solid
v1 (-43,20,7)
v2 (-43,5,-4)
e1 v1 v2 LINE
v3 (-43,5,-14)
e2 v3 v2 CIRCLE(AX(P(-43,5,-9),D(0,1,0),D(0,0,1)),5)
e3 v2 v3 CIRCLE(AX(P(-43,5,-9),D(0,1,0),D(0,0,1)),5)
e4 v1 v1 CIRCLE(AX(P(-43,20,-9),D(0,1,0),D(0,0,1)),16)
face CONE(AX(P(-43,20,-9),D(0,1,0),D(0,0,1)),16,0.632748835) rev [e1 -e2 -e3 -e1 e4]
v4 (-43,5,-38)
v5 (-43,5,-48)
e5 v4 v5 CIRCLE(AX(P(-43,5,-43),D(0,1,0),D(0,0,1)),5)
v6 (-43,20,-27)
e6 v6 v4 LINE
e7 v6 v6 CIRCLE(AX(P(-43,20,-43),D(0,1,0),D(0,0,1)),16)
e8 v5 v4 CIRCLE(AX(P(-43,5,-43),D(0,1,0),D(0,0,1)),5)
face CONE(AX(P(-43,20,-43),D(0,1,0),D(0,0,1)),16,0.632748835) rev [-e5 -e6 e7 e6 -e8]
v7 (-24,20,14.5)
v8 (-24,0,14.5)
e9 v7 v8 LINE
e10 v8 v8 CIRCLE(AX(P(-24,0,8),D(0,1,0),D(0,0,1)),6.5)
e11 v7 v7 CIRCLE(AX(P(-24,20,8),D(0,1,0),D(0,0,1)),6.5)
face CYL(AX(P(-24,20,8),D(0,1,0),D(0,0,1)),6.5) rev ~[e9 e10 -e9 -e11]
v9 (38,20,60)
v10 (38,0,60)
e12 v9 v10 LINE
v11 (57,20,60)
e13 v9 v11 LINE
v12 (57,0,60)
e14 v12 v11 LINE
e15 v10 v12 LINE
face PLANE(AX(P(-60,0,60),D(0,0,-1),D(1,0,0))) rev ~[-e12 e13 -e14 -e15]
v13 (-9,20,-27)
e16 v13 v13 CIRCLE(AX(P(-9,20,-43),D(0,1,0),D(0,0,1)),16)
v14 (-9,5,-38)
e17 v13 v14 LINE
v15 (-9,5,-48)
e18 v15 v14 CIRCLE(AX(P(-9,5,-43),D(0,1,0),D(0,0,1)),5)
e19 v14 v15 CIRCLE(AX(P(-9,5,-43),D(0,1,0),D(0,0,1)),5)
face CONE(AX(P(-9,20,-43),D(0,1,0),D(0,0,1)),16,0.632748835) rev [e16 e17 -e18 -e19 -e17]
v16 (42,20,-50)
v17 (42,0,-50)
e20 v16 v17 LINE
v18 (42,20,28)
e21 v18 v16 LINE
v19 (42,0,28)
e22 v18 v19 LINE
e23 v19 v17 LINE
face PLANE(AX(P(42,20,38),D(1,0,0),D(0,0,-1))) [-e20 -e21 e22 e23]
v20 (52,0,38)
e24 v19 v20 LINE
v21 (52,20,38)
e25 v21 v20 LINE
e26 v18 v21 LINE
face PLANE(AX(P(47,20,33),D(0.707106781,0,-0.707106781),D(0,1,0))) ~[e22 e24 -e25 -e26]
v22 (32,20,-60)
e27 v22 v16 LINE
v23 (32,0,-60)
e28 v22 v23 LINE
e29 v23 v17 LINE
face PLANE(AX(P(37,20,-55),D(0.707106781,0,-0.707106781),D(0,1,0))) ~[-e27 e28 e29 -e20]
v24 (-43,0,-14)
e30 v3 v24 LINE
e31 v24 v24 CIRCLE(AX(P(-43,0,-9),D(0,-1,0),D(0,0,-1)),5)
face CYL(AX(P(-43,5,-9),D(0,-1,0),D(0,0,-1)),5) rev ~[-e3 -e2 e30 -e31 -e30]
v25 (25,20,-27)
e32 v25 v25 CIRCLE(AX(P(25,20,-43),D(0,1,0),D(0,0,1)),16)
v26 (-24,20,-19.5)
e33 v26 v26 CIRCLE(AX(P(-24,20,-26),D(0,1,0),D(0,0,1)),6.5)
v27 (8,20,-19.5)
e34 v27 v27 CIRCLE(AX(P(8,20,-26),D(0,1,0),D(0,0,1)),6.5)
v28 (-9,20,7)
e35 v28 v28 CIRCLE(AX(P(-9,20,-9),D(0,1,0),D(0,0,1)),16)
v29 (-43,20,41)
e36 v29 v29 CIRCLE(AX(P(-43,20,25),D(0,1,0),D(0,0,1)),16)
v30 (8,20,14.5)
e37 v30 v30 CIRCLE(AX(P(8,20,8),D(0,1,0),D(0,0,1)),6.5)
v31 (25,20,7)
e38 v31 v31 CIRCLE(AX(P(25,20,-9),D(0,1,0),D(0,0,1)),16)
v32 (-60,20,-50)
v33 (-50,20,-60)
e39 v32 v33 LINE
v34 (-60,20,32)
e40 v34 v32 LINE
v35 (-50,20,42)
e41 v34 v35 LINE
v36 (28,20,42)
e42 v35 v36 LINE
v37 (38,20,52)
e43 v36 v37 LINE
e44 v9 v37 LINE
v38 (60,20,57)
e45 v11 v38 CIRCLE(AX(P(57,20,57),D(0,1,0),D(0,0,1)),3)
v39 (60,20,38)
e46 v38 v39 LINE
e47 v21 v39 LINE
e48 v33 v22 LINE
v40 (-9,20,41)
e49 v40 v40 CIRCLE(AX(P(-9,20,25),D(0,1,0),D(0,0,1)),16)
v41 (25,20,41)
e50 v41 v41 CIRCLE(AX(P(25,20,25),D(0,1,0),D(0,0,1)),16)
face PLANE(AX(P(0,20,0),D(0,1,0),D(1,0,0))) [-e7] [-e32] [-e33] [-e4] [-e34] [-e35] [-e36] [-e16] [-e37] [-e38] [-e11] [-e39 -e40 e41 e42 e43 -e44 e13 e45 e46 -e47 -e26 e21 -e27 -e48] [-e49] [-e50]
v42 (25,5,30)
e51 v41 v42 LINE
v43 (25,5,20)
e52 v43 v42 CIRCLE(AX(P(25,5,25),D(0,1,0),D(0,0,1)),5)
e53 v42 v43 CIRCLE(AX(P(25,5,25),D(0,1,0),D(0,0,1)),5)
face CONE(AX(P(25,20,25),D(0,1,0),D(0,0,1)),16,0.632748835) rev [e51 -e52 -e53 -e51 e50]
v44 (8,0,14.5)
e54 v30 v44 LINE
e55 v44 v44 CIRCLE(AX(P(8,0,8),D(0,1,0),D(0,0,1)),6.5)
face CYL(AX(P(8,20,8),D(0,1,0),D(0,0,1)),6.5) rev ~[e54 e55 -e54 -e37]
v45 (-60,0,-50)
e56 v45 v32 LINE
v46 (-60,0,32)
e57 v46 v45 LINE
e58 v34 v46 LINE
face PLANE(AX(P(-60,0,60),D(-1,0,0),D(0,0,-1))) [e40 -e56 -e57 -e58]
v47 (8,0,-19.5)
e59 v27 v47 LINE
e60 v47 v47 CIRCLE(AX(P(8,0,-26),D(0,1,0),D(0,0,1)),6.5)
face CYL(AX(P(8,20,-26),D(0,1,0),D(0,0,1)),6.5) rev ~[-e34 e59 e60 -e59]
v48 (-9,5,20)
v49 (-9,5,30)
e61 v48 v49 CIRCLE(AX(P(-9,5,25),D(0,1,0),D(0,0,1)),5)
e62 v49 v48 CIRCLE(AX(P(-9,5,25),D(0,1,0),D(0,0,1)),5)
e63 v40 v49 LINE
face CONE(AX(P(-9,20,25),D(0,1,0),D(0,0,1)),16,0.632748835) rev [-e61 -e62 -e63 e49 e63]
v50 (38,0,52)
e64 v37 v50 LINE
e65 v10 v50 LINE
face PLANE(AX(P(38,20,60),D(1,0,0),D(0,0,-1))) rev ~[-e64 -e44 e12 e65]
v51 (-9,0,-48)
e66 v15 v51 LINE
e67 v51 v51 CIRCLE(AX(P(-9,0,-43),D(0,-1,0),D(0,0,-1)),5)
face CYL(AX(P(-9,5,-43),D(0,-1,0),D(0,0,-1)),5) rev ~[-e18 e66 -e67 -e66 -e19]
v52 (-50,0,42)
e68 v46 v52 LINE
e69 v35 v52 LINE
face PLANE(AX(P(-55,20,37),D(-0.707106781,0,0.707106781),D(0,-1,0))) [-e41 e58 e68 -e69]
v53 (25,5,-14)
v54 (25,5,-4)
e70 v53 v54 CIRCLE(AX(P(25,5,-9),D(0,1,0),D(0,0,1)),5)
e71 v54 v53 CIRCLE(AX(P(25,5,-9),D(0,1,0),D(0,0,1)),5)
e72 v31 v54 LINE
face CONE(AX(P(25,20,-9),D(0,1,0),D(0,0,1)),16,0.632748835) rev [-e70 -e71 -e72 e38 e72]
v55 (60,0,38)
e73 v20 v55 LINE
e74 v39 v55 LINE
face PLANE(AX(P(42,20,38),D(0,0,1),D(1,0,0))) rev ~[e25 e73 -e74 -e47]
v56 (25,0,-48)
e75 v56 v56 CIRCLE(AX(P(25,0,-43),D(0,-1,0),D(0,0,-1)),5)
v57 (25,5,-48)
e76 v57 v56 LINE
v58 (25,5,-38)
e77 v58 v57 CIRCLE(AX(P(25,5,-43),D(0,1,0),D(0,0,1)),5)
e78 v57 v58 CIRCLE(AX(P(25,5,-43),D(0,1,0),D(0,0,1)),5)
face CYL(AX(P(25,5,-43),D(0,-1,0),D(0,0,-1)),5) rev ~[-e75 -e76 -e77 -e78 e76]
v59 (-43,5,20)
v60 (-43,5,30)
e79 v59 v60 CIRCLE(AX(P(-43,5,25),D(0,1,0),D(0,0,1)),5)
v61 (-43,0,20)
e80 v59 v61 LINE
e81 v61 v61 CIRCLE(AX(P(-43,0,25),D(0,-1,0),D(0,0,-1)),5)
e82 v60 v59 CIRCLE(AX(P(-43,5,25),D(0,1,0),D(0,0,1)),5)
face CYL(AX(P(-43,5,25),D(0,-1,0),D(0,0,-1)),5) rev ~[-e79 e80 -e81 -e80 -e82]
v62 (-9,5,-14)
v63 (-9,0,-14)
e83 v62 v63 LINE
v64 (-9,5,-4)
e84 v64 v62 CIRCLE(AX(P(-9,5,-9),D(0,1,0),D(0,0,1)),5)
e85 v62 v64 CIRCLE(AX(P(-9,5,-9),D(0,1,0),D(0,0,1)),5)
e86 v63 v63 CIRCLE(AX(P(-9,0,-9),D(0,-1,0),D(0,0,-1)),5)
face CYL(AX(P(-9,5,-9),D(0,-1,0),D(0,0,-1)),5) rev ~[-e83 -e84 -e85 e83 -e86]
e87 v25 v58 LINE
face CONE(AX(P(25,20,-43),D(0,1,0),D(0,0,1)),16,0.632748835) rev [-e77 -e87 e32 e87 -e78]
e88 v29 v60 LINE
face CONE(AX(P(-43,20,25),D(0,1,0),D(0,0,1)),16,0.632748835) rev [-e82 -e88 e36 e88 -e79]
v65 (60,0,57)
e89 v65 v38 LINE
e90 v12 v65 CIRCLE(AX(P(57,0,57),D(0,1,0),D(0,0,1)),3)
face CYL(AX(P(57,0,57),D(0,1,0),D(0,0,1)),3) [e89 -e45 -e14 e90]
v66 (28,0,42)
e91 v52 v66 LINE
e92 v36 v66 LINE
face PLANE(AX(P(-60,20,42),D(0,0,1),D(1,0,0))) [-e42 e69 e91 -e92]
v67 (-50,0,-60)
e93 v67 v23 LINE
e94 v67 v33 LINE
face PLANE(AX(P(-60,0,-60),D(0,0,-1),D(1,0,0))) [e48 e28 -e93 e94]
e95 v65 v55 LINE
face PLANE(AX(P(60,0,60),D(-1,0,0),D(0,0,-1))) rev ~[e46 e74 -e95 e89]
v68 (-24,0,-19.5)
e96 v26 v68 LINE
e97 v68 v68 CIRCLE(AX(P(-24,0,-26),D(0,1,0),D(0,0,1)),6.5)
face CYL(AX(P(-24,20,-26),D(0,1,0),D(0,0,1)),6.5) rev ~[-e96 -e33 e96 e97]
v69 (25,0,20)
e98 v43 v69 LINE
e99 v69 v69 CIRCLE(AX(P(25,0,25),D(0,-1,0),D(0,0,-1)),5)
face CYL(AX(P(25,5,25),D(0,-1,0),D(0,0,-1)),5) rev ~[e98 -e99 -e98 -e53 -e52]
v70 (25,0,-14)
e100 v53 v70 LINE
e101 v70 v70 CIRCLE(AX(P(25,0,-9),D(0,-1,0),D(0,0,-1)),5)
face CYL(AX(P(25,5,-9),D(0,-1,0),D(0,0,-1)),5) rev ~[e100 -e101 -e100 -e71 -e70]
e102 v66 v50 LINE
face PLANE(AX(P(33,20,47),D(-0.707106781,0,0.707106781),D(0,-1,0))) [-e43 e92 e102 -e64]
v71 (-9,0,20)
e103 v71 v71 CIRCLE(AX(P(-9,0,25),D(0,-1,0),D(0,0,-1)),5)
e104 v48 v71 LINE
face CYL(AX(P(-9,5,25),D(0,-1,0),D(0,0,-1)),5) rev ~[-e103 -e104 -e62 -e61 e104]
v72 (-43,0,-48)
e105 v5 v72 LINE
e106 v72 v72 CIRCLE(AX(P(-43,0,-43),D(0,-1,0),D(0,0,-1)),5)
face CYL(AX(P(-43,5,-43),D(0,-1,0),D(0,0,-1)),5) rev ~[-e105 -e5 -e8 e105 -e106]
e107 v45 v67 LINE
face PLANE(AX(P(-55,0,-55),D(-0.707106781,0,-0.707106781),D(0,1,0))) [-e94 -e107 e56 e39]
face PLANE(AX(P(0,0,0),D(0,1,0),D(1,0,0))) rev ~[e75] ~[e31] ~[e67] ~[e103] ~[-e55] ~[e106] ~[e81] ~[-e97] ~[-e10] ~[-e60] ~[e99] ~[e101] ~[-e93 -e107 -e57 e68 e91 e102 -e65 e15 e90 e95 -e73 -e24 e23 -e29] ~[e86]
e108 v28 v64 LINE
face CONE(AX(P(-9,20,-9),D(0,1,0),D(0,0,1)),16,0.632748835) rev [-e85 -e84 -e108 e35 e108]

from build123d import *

# Parameters (mm, degrees)
SCHIZZO1_W                   = 120
SCHIZZO1_H                   = 120
ESTRUSIONE_ESTRUSIONE1_DEPTH = 20
SCHIZZO5_R                   = 5
TAGLIO_ESTRUSIONE2_DEPTH     = 87.168439698
RIPETIZIONE_A_L1_COUNT       = 3
RIPETIZIONE_A_L1_PITCH       = 34
RIPETIZIONE_A_L1_COUNT_DIR2  = 3
RIPETIZIONE_A_L1_PITCH_DIR2  = 34
SCHIZZO7_W                   = 98
SCHIZZO7_H                   = 18
SCHIZZO7_W_2                 = 18
SCHIZZO7_H_2                 = 98
TAGLIO_ESTRUSIONE3_DEPTH     = 20
SMUSSO1_SIZE                 = 10
SCHIZZO8_R                   = 6.5
TAGLIO_ESTRUSIONE4_DEPTH     = 20
RIPETIZIONE_A_L2_COUNT       = 2
RIPETIZIONE_A_L2_PITCH       = 34
RIPETIZIONE_A_L2_COUNT_DIR2  = 2
RIPETIZIONE_A_L2_PITCH_DIR2  = 32
RACCORDO1_R                  = 3


with BuildPart() as part:
    # Schizzo1 → Estrusione-Estrusione1 (new body)
    with BuildSketch(Plane(origin=(0, 0, 0), x_dir=(1, 0, 0), z_dir=(0, 1, 0))):
        Rectangle(SCHIZZO1_W, SCHIZZO1_H)
    extrude(amount=ESTRUSIONE_ESTRUSIONE1_DEPTH)

    # Schizzo6 → Taglia-Rivoluzione4 (revolve, cut)
    with BuildSketch(Plane.ZY.offset(43)):
        Polygon((-43, 20), (-27, 20), (-38, 5), (-43, 5), align=None)
    taglia_rivoluzione4 = revolve(axis=Axis((-43, 5, -43), (0, 1, 0)), mode=Mode.SUBTRACT)

    # Schizzo5 → Taglio-Estrusione2 (cut, symmetric)
    with BuildSketch(Plane(origin=(0, 5, 0), x_dir=(-1, 0, 0), z_dir=(0, -1, 0))):
        with Locations((43, 43)):
            Circle(SCHIZZO5_R)
    taglio_estrusione2 = extrude(amount=TAGLIO_ESTRUSIONE2_DEPTH, both=True, mode=Mode.SUBTRACT)

    # Ripetizione a L1: Taglia-Rivoluzione4, Taglio-Estrusione2 3 × 3
    with Locations(*[(i * RIPETIZIONE_A_L1_PITCH, 0, j * RIPETIZIONE_A_L1_PITCH_DIR2) for i in range(RIPETIZIONE_A_L1_COUNT) for j in range(RIPETIZIONE_A_L1_COUNT_DIR2) if (i, j) != (0, 0)]):
        add(taglia_rivoluzione4, mode=Mode.SUBTRACT)
        add(taglio_estrusione2, mode=Mode.SUBTRACT)

    # Schizzo7 → Taglio-Estrusione3 (cut)
    with BuildSketch(Plane(origin=(0, 20, 0), x_dir=(1, 0, 0), z_dir=(0, 1, 0))):
        with Locations((-11, -51)):
            Rectangle(SCHIZZO7_W, SCHIZZO7_H)
        with Locations((51, 11)):
            Rectangle(SCHIZZO7_W_2, SCHIZZO7_H_2)
    extrude(amount=-TAGLIO_ESTRUSIONE3_DEPTH, mode=Mode.SUBTRACT)

    # Smusso1
    smusso1_edges = [part.edges().sort_by_distance(p)[0] for p in [
        (-60, 10, 42),
        (-60, 10, -60),
        (42, 10, -60),
        (42, 10, 38),
        (38, 10, 42),
    ]]
    chamfer(smusso1_edges, length=SMUSSO1_SIZE)

    # Schizzo8 → Taglio-Estrusione4 (cut)
    with BuildSketch(Plane(origin=(0, 20, 0), x_dir=(1, 0, 0), z_dir=(0, 1, 0))):
        with Locations((8, -8)):
            Circle(SCHIZZO8_R)
    taglio_estrusione4 = extrude(amount=-TAGLIO_ESTRUSIONE4_DEPTH, mode=Mode.SUBTRACT)

    # Ripetizione a L2: Taglio-Estrusione4 2 × 2
    with Locations(*[(-j * RIPETIZIONE_A_L2_PITCH_DIR2, 0, -i * RIPETIZIONE_A_L2_PITCH) for i in range(RIPETIZIONE_A_L2_COUNT) for j in range(RIPETIZIONE_A_L2_COUNT_DIR2) if (i, j) != (0, 0)]):
        add(taglio_estrusione4, mode=Mode.SUBTRACT)

    # Raccordo1
    raccordo1_edges = [part.edges().sort_by_distance(p)[0] for p in [
        (60, 10, 60),
    ]]
    fillet(raccordo1_edges, radius=RACCORDO1_R)


solid = part.part
